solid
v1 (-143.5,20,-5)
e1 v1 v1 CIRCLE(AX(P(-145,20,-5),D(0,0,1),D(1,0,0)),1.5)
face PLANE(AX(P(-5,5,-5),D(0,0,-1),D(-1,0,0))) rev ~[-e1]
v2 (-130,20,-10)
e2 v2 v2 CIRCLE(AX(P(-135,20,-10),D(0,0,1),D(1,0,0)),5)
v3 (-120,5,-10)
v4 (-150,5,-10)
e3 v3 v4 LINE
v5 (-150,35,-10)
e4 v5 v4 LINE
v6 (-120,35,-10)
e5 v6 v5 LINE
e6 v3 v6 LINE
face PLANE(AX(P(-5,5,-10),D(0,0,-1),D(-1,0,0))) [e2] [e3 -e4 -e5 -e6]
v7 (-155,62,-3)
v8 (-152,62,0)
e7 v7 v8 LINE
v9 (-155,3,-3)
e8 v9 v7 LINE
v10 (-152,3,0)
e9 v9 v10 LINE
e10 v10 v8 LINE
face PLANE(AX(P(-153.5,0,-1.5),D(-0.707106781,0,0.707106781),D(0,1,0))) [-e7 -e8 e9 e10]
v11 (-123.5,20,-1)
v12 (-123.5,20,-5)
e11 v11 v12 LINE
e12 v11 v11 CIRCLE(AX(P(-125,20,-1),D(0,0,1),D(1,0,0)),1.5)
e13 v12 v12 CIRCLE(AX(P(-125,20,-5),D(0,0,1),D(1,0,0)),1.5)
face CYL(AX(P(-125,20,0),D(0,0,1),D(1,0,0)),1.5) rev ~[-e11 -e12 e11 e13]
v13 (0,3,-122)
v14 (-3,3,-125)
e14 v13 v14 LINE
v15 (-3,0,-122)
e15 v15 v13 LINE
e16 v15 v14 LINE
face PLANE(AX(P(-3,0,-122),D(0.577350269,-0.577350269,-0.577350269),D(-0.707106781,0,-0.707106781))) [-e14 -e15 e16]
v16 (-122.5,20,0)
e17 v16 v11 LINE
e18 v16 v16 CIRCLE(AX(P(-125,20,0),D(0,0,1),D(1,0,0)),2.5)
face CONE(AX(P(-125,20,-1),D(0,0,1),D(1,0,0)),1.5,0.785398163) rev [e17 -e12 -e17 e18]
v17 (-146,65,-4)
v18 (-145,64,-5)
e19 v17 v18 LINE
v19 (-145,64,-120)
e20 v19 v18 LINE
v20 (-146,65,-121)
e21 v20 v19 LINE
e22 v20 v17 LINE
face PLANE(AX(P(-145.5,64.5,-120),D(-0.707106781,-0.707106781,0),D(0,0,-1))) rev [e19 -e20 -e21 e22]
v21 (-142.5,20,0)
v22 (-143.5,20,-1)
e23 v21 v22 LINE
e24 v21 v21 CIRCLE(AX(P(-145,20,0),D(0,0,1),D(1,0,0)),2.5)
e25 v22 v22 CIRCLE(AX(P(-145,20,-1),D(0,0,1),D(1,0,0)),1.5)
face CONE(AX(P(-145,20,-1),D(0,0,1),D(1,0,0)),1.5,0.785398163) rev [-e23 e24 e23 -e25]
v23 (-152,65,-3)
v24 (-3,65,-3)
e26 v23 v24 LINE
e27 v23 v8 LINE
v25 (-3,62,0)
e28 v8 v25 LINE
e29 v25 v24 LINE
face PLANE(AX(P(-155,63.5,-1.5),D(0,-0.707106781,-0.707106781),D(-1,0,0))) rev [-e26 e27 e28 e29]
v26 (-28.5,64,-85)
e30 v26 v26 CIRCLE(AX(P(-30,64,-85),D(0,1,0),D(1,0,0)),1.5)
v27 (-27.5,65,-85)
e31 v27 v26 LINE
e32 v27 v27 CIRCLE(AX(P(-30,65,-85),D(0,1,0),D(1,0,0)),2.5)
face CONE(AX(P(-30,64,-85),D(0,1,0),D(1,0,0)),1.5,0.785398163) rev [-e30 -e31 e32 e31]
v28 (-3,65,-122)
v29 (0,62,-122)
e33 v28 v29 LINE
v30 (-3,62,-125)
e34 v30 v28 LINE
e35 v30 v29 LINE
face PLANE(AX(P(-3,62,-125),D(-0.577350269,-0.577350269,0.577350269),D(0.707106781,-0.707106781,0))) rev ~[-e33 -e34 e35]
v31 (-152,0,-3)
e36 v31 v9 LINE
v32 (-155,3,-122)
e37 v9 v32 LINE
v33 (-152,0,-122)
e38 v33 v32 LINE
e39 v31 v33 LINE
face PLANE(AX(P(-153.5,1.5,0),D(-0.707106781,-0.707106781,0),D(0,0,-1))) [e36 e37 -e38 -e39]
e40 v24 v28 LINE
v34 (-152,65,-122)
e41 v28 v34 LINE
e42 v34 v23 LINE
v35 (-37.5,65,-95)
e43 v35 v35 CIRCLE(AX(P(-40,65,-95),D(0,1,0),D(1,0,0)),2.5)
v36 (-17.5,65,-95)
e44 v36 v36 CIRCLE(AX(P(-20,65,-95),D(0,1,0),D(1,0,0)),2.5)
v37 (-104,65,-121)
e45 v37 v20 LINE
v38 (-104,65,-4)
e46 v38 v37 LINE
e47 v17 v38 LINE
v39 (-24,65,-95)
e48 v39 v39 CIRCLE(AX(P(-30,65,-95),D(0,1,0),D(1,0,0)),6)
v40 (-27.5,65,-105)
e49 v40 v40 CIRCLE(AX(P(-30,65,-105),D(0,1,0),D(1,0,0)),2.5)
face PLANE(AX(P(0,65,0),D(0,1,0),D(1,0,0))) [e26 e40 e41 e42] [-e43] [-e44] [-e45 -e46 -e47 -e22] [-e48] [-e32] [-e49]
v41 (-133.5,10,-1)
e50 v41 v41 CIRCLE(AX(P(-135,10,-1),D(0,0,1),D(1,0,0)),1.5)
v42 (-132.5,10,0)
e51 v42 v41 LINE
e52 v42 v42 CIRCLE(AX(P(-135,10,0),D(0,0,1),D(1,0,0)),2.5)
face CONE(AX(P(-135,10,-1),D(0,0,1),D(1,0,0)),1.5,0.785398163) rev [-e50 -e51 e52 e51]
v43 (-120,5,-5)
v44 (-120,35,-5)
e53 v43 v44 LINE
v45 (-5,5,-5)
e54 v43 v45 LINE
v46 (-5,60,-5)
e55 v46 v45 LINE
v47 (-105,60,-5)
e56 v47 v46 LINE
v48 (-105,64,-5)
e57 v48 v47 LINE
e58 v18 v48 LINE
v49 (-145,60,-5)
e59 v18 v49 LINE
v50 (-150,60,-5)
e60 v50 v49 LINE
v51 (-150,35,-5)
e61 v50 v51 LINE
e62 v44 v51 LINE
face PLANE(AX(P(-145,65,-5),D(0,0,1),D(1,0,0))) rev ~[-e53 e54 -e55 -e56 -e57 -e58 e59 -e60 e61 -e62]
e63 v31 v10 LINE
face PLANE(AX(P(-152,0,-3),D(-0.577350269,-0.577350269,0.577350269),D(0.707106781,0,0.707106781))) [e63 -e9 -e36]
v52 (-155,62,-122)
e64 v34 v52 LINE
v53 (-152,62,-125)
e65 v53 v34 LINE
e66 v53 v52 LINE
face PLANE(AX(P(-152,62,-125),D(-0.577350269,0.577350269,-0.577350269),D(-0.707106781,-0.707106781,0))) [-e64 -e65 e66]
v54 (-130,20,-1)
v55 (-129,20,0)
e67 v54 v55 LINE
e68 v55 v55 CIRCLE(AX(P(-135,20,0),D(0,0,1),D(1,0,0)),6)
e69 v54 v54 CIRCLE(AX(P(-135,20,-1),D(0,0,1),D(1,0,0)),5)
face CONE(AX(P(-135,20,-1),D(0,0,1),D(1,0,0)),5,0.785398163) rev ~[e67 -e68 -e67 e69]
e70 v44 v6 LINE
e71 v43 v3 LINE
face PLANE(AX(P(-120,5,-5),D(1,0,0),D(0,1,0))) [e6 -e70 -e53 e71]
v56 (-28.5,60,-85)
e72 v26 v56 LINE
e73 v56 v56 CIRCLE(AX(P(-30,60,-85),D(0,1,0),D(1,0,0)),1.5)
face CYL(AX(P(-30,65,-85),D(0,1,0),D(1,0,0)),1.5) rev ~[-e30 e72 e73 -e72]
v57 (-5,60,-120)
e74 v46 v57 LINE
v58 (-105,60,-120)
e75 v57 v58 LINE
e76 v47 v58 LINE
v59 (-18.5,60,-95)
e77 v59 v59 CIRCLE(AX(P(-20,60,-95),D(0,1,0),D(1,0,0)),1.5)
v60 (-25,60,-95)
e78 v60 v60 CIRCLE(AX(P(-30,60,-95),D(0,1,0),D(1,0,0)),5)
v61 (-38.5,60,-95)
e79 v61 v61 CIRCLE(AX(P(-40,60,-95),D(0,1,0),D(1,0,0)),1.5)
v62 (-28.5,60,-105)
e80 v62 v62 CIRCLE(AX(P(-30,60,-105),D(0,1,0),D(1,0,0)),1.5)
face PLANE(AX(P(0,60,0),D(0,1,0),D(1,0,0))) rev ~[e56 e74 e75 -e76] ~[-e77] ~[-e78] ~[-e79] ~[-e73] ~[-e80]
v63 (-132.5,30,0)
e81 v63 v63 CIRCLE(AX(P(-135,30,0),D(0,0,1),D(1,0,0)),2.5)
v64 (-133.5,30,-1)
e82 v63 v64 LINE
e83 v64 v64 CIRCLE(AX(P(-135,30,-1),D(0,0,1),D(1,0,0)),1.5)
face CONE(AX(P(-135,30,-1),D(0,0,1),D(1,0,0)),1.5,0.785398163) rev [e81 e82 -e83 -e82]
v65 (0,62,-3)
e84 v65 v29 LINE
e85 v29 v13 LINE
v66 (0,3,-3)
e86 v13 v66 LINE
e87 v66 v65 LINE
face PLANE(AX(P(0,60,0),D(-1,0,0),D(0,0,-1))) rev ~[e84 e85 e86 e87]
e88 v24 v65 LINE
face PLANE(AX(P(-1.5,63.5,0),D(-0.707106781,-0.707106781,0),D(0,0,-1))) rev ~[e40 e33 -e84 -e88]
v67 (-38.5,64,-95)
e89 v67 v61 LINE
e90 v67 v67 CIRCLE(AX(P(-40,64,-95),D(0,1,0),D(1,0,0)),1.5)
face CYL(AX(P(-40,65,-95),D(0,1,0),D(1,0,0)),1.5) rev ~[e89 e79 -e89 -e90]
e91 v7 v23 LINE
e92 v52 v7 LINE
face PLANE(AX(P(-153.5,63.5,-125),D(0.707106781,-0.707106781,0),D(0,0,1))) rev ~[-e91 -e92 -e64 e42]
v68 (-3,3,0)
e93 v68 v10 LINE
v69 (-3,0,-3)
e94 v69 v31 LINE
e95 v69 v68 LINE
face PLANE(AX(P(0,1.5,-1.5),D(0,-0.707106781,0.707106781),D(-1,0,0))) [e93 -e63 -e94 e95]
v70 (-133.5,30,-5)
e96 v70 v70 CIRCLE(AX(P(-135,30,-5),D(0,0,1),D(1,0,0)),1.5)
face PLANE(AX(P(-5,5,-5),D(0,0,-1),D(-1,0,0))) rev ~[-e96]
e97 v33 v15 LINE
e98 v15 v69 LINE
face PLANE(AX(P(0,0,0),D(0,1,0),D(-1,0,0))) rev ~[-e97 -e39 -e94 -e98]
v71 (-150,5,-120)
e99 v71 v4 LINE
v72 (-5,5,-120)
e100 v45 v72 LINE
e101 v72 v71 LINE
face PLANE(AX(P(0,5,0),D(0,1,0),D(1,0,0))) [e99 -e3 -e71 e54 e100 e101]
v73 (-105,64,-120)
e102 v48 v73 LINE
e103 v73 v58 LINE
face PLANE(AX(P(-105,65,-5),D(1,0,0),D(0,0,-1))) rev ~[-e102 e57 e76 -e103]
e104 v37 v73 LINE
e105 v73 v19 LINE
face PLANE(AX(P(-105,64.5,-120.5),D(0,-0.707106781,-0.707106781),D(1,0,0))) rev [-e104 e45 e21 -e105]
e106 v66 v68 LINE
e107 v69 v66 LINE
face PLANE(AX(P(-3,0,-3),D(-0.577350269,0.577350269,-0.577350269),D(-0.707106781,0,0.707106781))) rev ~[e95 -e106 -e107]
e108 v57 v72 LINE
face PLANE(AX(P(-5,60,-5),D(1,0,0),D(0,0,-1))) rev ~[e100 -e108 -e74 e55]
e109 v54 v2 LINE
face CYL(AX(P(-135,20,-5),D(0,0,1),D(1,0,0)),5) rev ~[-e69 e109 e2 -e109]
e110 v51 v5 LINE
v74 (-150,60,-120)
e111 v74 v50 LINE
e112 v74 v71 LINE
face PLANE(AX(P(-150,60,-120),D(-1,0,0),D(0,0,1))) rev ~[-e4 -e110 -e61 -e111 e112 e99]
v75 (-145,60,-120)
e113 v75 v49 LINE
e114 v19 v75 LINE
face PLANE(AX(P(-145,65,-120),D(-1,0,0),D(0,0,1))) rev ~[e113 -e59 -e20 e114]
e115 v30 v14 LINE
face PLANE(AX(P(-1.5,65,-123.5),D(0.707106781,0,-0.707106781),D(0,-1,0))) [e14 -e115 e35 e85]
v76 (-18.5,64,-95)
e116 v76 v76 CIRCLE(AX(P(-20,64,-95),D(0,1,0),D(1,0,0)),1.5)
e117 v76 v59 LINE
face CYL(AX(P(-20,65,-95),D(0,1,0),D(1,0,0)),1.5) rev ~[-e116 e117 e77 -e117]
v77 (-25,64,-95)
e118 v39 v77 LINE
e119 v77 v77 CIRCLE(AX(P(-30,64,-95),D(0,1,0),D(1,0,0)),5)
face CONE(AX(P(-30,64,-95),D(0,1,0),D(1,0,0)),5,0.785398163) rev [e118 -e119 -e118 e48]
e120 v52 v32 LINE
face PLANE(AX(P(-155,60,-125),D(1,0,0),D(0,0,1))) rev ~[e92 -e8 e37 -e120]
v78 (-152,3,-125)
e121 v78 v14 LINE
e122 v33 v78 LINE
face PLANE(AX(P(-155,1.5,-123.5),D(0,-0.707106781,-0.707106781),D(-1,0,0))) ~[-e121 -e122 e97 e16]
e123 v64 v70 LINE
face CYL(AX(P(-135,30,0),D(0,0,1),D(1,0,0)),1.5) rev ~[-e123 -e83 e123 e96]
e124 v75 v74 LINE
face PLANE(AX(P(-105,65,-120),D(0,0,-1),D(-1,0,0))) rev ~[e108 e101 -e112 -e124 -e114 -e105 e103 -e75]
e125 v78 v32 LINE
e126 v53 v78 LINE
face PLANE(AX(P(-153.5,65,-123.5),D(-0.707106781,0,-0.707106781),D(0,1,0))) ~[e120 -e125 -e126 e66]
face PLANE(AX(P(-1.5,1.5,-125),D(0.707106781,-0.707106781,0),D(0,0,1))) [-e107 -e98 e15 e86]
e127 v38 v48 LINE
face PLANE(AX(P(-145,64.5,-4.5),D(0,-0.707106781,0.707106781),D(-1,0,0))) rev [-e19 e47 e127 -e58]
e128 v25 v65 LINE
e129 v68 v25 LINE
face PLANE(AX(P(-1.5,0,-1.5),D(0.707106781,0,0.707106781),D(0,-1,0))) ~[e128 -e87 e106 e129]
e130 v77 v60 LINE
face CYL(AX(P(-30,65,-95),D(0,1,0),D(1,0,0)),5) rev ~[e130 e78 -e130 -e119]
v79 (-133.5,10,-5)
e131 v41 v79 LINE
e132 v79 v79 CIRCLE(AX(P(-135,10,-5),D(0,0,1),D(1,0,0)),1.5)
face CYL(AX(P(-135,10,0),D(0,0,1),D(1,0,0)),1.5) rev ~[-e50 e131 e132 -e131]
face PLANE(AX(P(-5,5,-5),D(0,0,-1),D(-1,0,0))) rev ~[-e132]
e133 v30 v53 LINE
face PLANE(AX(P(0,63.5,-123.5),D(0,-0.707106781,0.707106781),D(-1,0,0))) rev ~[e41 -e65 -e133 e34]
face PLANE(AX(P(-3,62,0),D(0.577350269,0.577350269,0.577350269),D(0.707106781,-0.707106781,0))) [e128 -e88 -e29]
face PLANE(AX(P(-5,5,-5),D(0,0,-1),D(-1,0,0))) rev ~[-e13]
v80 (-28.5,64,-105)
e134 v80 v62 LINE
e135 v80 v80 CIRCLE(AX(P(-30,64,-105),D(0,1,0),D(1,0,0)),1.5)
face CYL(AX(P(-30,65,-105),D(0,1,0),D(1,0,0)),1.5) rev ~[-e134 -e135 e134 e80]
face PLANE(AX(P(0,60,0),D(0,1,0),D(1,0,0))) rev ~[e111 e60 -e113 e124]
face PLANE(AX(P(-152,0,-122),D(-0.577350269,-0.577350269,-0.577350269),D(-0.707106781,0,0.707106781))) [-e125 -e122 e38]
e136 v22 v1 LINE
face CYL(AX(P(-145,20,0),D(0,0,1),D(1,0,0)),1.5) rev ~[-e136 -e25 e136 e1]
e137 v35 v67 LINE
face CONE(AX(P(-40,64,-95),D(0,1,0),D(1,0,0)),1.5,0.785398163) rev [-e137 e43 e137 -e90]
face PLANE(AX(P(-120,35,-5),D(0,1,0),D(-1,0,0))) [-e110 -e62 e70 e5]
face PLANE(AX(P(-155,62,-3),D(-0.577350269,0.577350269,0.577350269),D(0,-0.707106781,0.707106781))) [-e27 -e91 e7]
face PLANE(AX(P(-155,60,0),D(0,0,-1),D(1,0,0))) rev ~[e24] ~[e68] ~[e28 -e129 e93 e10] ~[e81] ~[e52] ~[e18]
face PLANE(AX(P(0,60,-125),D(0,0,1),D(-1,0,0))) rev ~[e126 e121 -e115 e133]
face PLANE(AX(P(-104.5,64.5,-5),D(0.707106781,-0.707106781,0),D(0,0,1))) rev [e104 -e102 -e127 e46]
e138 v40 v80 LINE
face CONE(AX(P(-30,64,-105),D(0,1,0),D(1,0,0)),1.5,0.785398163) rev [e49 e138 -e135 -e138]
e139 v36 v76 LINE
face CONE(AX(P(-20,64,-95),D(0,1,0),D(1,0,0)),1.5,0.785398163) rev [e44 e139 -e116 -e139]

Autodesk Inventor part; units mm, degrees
ref_plane "YZ Plane" through (0, 0, 0) normal (1, 0, 0) x (0, 1, 0)
ref_plane "XZ Plane" through (0, 0, 0) normal (0, 1, 0) x (-1, 0, 0)
ref_plane "XY Plane" through (0, 0, 0) normal (0, 0, 1) x (1, 0, 0)
sketch "Sketch1" plane through (0, 0, 0) normal (0, 1, 0) x (-1, 0, 0)
  line L0 (0, 0) -> (155, 0)
  line L1 (155, 0) -> (155, -125)
  line L2 (155, -125) -> (0, -125)
  line L3 (0, -125) -> (0, 0)
  dimension "d0" = 125
  dimension "d1" = 155
extrude "Extrusion1" add sketch "Sketch1" along normal blind 60
sketch "Sketch2" plane through (0, 60, 0) normal (0, 1, 0) x (1, 0, 0)
  line L0 (-150, 5) -> (-5, 5)
  line L1 (-5, 5) -> (-5, 120)
  line L2 (-5, 120) -> (-150, 120)
  line L3 (-150, 120) -> (-150, 5)
  line L4 (-155, 0) -> (0, 0) projected
  line L5 (0, 125) -> (-155, 125) projected
  line L6 (-155, 125) -> (-155, 0) projected
  line L7 (0, 0) -> (0, 125) projected
  point P0 (-77.5, 125)
  dimension "d4" = 5
  dimension "d5" = 5
  dimension "d6" = 5
  dimension "d7" = 5
extrude "Extrusion2" cut sketch "Sketch2" against normal blind 55 contours L3 L2 L1 L0
sketch "Sketch3" plane through (0, 60, 0) normal (0, 1, 0) x (1, 0, 0)
  line L0 (-155, 0) -> (0, 0) projected
  line L1 (-155, 0) -> (0, 0)
  line L2 (0, 0) -> (0, 125)
  line L3 (0, 125) -> (-155, 125)
  line L4 (-155, 125) -> (-155, 0)
extrude "Extrusion3" add sketch "Sketch3" along normal blind 5
sketch "Sketch4" plane through (0, 65, 0) normal (0, 1, 0) x (1, 0, 0)
  circle A0 centre (-30, 95) radius 5
  line L0 (0, 125) -> (-155, 125) projected
  line L1 (0, 0) -> (0, 125) projected
  dimension "d12" = 10
  dimension "d13" = 30
  dimension "d14" = 30
extrude "Extrusion4" cut sketch "Sketch4" against normal blind 5
sketch "Sketch5" plane through (-155, 0, 0) normal (0, 0, 1) x (1, 0, 0)
  circle A0 centre (20, 20) radius 5
  line L0 (0, 0) -> (155, 0) projected
  line L1 (0, 0) -> (0, 65) projected
  dimension "d17" = 20
  dimension "d18" = 20
  dimension "d19" = 10
extrude "Extrusion5" cut sketch "Sketch5" against normal blind 20
sketch "Sketch6" plane through (0, 65, 0) normal (0, 1, 0) x (1, 0, 0)
  line L0 (-145, 5) -> (-105, 5)
  line L1 (-105, 5) -> (-105, 120)
  line L2 (-105, 120) -> (-145, 120)
  line L3 (-145, 120) -> (-145, 5)
  line L4 (-155, 125) -> (-155, 0) projected
  line L5 (0, 125) -> (-155, 125) projected
  line L6 (-155, 0) -> (0, 0) projected
  point P0 (-125, 5)
  dimension "d22" = 10
  dimension "d23" = 5
  dimension "d24" = 5
  dimension "d25" = 40
extrude "Extrusion6" cut sketch "Sketch6" against normal blind 5
sketch "Sketch7" plane through (-155, 0, 0) normal (0, 0, 1) x (1, 0, 0)
  circle A0 centre (20, 30) radius 1.5
  circle A1 centre (20, 20) radius 5 projected
  circle A2 centre (20, 20) radius 5
  circle A3 centre (10, 20) radius 1.5
  circle A4 centre (20, 10) radius 1.5
  circle A5 centre (30, 20) radius 1.5
  point P0 (155, 0)
  dimension "d28" = 3
  dimension "d31" = 360
  dimension "d35" = 10
extrude "Extrusion7" cut sketch "Sketch7" against normal blind 5 contours A0 | A3 | A4 | A5
sketch "Sketch8" plane through (0, 65, 0) normal (0, 1, 0) x (1, 0, 0)
  point P0 (0, 0)
sketch "Sketch9" plane through (0, 65, 0) normal (0, 1, 0) x (1, 0, 0)
  point P0 (0, 0)
sketch "Sketch10" plane through (0, 65, 0) normal (0, 1, 0) x (1, 0, 0)
  point P0 (0, 0)
sketch "Sketch11" plane through (0, 65, 0) normal (0, 1, 0) x (1, 0, 0)
  circle A0 centre (-40, 95) radius 1.5
  circle A1 centre (-30, 95) radius 5 projected
  circle A2 centre (-30, 95) radius 5
  circle A3 centre (-30, 85) radius 1.5
  circle A4 centre (-20, 95) radius 1.5
  circle A5 centre (-30, 105) radius 1.5
  point P0 (0, 0)
  dimension "d36" = 10
  dimension "d37" = 3
  dimension "d40" = 360
extrude "Extrusion8" cut sketch "Sketch11" against normal blind 5 contours A0 | A3 | A4 | A5
chamfer "Chamfer1" distance 1 angle 45 8 edges at (-31.5, 65, -105) (-21.5, 65, -95) (-31.5, 65, -85) (-41.5, 65, -95) (-126.5, 20, 0) (-136.5, 30, 0) (-136.5, 10, 0) (-146.5, 20, 0)
chamfer "Chamfer3" distance 1 angle 45 4 edges at (-105, 65, -62.5) (-125, 65, -120) (-145, 65, -62.5) (-125, 65, -5)
sketch "Sketch12" plane through (-5, 5, -5) normal (0, 0, -1) x (-1, 0, 0)
  line L0 (0, 0) -> (145, 0) projected
  line L1 (145, 0) -> (115, 0)
  line L2 (115, 0) -> (115, 30)
  line L3 (115, 30) -> (145, 30)
  line L4 (145, 30) -> (145, 0)
  point P0 (-5, -5)
  point P1 (115, 0)
  dimension "d53" = 30
  dimension "d54" = 30
extrude "Extrusion9" add sketch "Sketch12" along normal blind 5
sketch "Sketch13" plane through (-155, 0, 0) normal (0, 0, 1) x (1, 0, 0)
  point P0 (155, 0)
sketch "Sketch14" plane through (-135, 20, -5) normal (0, 0, 1) x (1, 0, 0)
  circle A0 centre (0, 0) radius 5
  point P0 (135, -20)
extrude "Extrusion10" cut sketch "Sketch14" against normal blind 20
chamfer "Chamfer4" distance 1 angle 45 2 edges at (-35, 65, -95) (-140, 20, 0)
chamfer "Chamfer5" distance 3 angle 45 12 edges at (0, 65, -62.5) (-77.5, 65, 0) (-155, 65, -62.5) (-77.5, 65, -125) (0, 32.5, 0) (0, 32.5, -125) (-155, 32.5, -125) (-155, 32.5, 0) (0, 0, -62.5) (-77.5, 0, -125) (-155, 0, -62.5) (-77.5, 0, 0)
sketch "Sketch15" plane through (0, 65, 0) normal (0, 1, 0) x (1, 0, 0)
  point P0 (0, 0)
sketch "Sketch16" plane through (0, 65, 0) normal (0, 1, 0) x (1, 0, 0)
  point P0 (0, 0)
properties part number "Water container"
